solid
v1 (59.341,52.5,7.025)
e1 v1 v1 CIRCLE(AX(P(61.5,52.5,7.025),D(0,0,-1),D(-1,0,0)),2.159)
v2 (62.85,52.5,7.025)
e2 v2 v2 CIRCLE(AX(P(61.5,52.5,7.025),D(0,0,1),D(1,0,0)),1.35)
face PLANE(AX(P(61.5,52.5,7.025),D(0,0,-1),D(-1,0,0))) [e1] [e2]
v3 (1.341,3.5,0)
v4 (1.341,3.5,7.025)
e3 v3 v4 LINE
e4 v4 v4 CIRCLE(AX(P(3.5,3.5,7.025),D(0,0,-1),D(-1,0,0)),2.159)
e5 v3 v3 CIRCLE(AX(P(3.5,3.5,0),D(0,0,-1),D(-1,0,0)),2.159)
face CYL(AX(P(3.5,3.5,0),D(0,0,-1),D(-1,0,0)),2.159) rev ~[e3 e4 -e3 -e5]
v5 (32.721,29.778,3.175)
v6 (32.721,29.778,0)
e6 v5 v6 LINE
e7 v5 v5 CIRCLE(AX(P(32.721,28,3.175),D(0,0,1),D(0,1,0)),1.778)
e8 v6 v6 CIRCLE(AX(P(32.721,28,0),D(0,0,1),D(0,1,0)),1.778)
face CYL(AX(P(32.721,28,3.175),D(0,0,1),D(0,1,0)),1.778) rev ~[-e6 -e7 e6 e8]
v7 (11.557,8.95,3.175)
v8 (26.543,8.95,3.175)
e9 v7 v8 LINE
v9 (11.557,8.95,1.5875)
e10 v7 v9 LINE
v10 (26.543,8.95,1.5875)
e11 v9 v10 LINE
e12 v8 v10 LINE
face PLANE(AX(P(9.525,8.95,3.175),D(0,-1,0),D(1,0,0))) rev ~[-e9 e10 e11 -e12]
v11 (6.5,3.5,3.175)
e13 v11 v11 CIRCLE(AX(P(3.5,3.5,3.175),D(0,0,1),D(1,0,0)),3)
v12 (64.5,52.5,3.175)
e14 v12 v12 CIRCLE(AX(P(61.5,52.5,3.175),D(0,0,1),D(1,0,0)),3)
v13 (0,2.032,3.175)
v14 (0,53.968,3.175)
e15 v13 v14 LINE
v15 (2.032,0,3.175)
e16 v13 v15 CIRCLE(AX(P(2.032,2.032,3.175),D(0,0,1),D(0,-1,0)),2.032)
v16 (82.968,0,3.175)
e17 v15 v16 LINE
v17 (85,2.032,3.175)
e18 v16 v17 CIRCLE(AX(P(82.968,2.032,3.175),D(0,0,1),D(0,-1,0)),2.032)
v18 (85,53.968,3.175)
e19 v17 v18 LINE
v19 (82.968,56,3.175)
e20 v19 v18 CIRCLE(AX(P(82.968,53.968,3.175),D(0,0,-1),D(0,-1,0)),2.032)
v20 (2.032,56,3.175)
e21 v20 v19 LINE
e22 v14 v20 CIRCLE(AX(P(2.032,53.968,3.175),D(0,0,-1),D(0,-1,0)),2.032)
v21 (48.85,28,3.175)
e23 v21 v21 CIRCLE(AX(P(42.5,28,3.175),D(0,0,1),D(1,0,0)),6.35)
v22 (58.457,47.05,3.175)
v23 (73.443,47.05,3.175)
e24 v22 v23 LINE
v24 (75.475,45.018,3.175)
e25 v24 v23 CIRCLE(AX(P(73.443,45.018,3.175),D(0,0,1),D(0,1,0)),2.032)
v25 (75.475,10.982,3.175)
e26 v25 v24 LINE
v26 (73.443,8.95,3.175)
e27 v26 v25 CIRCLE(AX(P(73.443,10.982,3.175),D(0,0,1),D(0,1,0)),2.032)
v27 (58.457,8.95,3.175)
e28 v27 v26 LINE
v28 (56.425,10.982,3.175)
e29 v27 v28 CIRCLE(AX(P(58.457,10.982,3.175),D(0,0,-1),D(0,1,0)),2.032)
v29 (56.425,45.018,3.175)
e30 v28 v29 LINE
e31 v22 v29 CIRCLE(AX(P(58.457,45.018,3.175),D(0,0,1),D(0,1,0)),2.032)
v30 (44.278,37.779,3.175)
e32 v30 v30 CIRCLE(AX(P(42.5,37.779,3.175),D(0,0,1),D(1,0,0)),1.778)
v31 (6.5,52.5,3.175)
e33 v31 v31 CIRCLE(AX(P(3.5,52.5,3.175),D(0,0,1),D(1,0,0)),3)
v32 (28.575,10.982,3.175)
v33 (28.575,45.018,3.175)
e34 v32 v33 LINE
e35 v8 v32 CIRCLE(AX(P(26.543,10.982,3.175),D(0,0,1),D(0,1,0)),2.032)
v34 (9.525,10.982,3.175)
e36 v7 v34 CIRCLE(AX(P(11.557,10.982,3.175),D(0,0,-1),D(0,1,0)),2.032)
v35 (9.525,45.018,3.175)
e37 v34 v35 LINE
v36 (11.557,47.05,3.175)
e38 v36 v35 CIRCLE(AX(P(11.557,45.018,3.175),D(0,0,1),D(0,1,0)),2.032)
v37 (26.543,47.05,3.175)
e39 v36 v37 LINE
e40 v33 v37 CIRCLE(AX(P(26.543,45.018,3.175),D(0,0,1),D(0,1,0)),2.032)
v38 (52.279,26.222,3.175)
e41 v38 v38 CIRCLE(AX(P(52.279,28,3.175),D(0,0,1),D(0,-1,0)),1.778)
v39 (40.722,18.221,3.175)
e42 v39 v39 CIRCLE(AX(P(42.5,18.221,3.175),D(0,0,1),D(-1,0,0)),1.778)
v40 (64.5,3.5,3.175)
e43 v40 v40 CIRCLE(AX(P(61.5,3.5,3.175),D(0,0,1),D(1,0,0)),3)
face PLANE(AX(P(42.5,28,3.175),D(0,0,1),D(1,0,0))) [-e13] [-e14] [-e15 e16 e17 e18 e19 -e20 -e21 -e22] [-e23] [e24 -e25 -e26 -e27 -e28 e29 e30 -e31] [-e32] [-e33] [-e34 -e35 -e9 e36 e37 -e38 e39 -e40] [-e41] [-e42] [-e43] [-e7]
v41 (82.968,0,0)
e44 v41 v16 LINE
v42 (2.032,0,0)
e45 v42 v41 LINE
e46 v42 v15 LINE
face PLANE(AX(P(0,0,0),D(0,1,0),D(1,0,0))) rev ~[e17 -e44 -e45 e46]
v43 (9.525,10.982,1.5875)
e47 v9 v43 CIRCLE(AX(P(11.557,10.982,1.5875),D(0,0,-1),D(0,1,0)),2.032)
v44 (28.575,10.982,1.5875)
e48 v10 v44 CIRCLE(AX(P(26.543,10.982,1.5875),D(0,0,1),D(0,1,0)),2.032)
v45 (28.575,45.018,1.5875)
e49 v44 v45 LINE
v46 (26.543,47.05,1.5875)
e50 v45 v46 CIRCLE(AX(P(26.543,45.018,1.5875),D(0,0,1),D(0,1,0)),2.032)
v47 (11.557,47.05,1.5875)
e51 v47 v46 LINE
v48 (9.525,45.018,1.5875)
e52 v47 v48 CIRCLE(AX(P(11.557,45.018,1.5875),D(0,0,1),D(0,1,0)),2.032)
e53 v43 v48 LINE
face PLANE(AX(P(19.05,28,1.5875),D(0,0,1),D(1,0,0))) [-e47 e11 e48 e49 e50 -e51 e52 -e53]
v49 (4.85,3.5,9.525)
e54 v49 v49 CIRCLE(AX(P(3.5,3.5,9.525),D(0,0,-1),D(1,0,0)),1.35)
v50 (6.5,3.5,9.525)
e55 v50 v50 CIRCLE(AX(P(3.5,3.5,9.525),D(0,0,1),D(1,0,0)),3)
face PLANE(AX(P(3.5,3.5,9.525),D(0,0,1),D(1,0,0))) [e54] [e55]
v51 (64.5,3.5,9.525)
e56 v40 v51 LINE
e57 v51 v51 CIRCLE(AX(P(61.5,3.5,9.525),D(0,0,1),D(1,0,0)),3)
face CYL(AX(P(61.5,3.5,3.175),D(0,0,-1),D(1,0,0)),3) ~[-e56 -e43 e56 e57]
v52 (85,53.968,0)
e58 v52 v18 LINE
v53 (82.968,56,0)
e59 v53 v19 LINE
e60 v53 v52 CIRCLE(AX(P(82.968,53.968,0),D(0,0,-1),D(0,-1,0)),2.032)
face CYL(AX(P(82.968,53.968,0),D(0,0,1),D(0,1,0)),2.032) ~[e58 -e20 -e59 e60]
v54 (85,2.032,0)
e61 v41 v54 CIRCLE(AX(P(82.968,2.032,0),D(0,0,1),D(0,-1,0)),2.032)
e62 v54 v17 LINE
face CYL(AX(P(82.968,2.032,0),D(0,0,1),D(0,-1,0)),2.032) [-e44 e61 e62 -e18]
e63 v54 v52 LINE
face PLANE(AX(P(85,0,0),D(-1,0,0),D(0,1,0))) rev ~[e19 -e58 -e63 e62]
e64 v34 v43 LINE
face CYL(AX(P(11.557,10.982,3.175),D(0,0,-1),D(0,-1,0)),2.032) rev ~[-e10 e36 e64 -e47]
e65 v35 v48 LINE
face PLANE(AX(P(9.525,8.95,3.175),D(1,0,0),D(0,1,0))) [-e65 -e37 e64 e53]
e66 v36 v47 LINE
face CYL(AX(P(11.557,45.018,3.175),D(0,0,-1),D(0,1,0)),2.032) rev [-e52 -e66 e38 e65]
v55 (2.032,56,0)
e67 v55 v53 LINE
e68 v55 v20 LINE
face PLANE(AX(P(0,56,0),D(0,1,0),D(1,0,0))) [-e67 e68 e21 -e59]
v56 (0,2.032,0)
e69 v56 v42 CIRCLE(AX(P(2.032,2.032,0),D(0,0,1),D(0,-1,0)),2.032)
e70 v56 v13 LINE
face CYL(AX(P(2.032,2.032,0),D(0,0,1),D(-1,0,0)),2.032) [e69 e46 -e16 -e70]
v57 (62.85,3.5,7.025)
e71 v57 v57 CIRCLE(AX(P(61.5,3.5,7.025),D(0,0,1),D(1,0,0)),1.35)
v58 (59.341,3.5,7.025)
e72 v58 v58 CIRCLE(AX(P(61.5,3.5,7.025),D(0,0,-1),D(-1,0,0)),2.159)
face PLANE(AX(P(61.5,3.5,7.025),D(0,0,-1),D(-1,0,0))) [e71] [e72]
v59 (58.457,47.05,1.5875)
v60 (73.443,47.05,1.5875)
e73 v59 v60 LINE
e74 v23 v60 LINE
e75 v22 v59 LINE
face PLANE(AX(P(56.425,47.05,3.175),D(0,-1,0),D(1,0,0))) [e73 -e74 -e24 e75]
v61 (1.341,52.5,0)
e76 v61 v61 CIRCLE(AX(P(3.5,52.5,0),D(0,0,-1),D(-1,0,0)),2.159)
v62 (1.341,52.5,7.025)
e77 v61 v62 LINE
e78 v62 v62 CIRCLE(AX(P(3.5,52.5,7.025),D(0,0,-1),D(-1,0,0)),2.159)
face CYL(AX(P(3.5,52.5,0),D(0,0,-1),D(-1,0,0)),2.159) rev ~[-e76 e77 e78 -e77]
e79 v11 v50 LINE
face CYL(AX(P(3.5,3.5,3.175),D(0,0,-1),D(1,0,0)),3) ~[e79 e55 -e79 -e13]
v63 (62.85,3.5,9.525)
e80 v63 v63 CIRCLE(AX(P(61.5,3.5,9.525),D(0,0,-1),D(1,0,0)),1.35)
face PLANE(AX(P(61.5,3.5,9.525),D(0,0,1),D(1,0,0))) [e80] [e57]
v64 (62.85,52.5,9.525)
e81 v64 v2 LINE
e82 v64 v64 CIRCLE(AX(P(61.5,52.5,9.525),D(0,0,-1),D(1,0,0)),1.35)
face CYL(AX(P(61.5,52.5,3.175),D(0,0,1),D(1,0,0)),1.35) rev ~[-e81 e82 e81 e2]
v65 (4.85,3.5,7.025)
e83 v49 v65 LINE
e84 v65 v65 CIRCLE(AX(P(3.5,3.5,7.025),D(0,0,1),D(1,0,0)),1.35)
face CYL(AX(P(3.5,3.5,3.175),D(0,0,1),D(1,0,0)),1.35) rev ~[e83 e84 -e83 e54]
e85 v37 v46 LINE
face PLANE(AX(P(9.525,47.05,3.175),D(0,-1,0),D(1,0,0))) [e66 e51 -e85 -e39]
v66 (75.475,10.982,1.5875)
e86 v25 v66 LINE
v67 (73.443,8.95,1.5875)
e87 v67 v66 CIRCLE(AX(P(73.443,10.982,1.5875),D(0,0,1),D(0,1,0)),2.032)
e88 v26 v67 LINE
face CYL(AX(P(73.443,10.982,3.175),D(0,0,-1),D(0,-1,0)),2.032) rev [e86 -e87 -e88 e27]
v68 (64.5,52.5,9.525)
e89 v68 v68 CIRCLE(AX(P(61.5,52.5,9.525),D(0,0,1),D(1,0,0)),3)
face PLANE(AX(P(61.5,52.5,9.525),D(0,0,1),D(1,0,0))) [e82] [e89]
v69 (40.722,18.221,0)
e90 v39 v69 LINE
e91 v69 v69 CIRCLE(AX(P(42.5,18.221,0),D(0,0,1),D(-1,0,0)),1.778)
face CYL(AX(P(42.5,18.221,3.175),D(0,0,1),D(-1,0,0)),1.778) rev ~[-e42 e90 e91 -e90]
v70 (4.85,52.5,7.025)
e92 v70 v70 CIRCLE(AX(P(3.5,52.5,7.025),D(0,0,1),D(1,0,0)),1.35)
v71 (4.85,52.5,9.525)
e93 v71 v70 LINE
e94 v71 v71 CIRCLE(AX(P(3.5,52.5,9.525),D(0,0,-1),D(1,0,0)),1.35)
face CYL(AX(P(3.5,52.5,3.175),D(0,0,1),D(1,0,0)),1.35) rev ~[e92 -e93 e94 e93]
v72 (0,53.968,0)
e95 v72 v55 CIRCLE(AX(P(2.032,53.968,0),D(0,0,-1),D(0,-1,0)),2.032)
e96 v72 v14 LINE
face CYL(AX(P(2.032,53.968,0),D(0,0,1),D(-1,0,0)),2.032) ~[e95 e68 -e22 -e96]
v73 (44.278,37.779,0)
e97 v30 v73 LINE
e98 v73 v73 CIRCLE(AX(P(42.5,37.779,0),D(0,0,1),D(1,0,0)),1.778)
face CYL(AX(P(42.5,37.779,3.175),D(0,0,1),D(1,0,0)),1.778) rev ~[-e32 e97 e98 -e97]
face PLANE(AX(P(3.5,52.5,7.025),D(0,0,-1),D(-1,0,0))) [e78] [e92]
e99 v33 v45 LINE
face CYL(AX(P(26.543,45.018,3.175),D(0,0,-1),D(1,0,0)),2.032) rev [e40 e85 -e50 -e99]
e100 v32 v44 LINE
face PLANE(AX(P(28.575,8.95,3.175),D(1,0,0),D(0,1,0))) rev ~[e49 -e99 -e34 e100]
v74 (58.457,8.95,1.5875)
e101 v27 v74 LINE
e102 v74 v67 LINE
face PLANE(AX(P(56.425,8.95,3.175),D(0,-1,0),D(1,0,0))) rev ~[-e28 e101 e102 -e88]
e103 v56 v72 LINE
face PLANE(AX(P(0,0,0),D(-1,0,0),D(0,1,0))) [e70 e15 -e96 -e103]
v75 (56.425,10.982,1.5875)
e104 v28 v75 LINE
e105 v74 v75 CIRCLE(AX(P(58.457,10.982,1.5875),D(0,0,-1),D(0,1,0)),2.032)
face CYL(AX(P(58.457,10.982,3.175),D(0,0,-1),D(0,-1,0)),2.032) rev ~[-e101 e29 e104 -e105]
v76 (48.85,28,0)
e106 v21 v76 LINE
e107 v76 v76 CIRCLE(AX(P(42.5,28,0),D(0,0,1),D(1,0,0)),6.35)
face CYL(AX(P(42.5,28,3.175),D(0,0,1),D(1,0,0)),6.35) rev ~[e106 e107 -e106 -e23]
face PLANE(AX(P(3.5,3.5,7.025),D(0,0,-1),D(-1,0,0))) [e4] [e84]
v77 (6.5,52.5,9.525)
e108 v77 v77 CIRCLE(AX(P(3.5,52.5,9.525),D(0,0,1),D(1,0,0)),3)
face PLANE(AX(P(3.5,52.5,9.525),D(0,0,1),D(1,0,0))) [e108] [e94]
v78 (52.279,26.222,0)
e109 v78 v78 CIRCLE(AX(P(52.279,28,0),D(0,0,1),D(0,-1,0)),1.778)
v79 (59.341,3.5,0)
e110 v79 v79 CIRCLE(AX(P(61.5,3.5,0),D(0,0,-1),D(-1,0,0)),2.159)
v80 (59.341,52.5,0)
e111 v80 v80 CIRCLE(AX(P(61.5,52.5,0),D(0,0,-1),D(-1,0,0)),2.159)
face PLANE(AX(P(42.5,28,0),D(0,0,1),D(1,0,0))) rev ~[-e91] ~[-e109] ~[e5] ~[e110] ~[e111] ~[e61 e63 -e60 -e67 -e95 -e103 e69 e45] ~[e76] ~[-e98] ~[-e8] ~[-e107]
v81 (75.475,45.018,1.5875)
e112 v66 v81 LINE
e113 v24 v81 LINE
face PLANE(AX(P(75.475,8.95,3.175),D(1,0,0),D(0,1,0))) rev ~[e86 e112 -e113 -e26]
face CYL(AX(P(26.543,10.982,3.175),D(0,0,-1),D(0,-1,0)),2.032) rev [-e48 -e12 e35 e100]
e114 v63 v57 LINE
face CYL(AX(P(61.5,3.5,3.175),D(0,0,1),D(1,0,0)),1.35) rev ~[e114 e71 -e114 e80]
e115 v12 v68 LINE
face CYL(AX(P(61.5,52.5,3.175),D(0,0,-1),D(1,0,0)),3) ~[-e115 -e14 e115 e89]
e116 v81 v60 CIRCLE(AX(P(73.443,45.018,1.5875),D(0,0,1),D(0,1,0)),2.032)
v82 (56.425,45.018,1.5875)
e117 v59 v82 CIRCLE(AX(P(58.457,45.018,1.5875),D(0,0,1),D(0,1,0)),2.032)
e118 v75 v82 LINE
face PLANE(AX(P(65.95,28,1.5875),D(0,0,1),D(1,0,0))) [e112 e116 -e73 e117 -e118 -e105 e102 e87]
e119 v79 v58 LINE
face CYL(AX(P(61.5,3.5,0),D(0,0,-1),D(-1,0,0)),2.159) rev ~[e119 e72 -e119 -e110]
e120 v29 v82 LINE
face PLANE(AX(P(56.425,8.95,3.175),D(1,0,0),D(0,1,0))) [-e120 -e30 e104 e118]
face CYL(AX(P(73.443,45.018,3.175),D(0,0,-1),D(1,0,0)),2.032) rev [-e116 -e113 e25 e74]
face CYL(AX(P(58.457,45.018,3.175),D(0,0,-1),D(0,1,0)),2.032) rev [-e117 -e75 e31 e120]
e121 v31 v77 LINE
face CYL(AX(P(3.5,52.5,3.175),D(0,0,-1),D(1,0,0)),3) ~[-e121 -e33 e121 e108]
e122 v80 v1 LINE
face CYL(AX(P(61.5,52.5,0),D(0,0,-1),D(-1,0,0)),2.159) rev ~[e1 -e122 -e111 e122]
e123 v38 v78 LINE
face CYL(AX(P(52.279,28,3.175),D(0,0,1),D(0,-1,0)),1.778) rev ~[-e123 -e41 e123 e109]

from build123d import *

# Parameters (mm, degrees)
SKETCH1_W               = 85
SKETCH1_H               = 56
BOSS_EXTRUDE1_DEPTH     = 3.175
SKETCH2_R               = 6.35
CUT_EXTRUDE1_DEPTH      = 3.175
SKETCH3_R               = 1.778
CUT_EXTRUDE2_DEPTH      = 3.175
CIRPATTERN1_COUNT       = 4
SKETCH4_R               = 3
BOSS_EXTRUDE2_DEPTH     = 6.35
SKETCH6_R               = 1.349999967
CUT_EXTRUDE3_DEPTH      = 7.35
CUT_EXTRUDE3_DEPTH_BACK = 4.175
SKETCH7_R               = 2.159
CUT_EXTRUDE4_DEPTH      = 7.025
SKETCH8_W               = 19.05
SKETCH8_H               = 38.1
CUT_EXTRUDE5_DEPTH      = 1.5875
FILLET1_R               = 2.032


with BuildPart() as part:
    # Sketch1 → Boss-Extrude1 (new body)
    with BuildSketch(Plane.XY):
        with Locations((42.5, 28)):
            Rectangle(SKETCH1_W, SKETCH1_H)
    extrude(amount=BOSS_EXTRUDE1_DEPTH)

    # Sketch2 → Cut-Extrude1 (cut)
    with BuildSketch(Plane.XY.offset(3.175)):
        with Locations((42.5, 28)):
            Circle(SKETCH2_R)
    extrude(amount=-CUT_EXTRUDE1_DEPTH, mode=Mode.SUBTRACT)

    # Sketch3 → Cut-Extrude2 (cut)
    with BuildSketch(Plane.XY.offset(3.175)):
        with Locations((42.5, 37.779)):
            Circle(SKETCH3_R)
    cut_extrude2 = extrude(amount=-CUT_EXTRUDE2_DEPTH, mode=Mode.SUBTRACT)

    # CirPattern1: Cut-Extrude2 ×4 about axis
    cirpattern1_axis = Axis((42.5, 28, 0), (0, 0, 1))
    for i in range(1, CIRPATTERN1_COUNT):
        add(cut_extrude2.rotate(cirpattern1_axis, i * 360 / CIRPATTERN1_COUNT), mode=Mode.SUBTRACT)

    # Sketch4 → Boss-Extrude2 (add)
    with BuildSketch(Plane.XY.offset(3.175)):
        with Locations((3.5, 52.5)):
            Circle(SKETCH4_R)
        with Locations((3.5, 3.5)):
            Circle(SKETCH4_R)
        with Locations((61.5, 52.5)):
            Circle(SKETCH4_R)
        with Locations((61.5, 3.5)):
            Circle(SKETCH4_R)
    extrude(amount=BOSS_EXTRUDE2_DEPTH)

    # Sketch6 → Cut-Extrude3 (cut, two sides)
    with BuildSketch(Plane.XY.offset(3.175)) as cut_extrude3_sk:
        with Locations((3.5, 3.5)):
            Circle(SKETCH6_R)
        with Locations((61.5, 3.5)):
            Circle(SKETCH6_R)
        with Locations((61.5, 52.5)):
            Circle(SKETCH6_R)
        with Locations((3.5, 52.5)):
            Circle(SKETCH6_R)
    extrude(amount=CUT_EXTRUDE3_DEPTH, mode=Mode.SUBTRACT)
    extrude(cut_extrude3_sk.sketch, amount=-CUT_EXTRUDE3_DEPTH_BACK, mode=Mode.SUBTRACT)

    # Sketch7 → Cut-Extrude4 (cut)
    with BuildSketch(Plane(origin=(0, 0, 0), x_dir=(-1, 0, 0), z_dir=(0, 0, -1))):
        with Locations((-61.5, 52.5)):
            Circle(SKETCH7_R)
        with Locations((-3.5, 52.5)):
            Circle(SKETCH7_R)
        with Locations((-3.5, 3.5)):
            Circle(SKETCH7_R)
        with Locations((-61.5, 3.5)):
            Circle(SKETCH7_R)
    extrude(amount=-CUT_EXTRUDE4_DEPTH, mode=Mode.SUBTRACT)

    # Sketch8 → Cut-Extrude5 (cut)
    with BuildSketch(Plane.XY.offset(3.175)):
        with Locations((19.05, 28)):
            Rectangle(SKETCH8_W, SKETCH8_H)
        with Locations((65.95, 28)):
            Rectangle(SKETCH8_W, SKETCH8_H)
    extrude(amount=-CUT_EXTRUDE5_DEPTH, mode=Mode.SUBTRACT)

    # Fillet1
    fillet1_edges = [part.edges().sort_by_distance(p)[0] for p in [
        (9.525, 8.95, 2.38125),
        (9.525, 47.05, 2.38125),
        (28.575, 47.05, 2.38125),
        (28.575, 8.95, 2.38125),
        (56.425, 8.95, 2.38125),
        (56.425, 47.05, 2.38125),
        (75.475, 47.05, 2.38125),
        (75.475, 8.95, 2.38125),
        (0, 56, 1.5875),
        (85, 56, 1.5875),
        (85, 0, 1.5875),
        (0, 0, 1.5875),
    ]]
    fillet(fillet1_edges, radius=FILLET1_R)


solid = part.part
